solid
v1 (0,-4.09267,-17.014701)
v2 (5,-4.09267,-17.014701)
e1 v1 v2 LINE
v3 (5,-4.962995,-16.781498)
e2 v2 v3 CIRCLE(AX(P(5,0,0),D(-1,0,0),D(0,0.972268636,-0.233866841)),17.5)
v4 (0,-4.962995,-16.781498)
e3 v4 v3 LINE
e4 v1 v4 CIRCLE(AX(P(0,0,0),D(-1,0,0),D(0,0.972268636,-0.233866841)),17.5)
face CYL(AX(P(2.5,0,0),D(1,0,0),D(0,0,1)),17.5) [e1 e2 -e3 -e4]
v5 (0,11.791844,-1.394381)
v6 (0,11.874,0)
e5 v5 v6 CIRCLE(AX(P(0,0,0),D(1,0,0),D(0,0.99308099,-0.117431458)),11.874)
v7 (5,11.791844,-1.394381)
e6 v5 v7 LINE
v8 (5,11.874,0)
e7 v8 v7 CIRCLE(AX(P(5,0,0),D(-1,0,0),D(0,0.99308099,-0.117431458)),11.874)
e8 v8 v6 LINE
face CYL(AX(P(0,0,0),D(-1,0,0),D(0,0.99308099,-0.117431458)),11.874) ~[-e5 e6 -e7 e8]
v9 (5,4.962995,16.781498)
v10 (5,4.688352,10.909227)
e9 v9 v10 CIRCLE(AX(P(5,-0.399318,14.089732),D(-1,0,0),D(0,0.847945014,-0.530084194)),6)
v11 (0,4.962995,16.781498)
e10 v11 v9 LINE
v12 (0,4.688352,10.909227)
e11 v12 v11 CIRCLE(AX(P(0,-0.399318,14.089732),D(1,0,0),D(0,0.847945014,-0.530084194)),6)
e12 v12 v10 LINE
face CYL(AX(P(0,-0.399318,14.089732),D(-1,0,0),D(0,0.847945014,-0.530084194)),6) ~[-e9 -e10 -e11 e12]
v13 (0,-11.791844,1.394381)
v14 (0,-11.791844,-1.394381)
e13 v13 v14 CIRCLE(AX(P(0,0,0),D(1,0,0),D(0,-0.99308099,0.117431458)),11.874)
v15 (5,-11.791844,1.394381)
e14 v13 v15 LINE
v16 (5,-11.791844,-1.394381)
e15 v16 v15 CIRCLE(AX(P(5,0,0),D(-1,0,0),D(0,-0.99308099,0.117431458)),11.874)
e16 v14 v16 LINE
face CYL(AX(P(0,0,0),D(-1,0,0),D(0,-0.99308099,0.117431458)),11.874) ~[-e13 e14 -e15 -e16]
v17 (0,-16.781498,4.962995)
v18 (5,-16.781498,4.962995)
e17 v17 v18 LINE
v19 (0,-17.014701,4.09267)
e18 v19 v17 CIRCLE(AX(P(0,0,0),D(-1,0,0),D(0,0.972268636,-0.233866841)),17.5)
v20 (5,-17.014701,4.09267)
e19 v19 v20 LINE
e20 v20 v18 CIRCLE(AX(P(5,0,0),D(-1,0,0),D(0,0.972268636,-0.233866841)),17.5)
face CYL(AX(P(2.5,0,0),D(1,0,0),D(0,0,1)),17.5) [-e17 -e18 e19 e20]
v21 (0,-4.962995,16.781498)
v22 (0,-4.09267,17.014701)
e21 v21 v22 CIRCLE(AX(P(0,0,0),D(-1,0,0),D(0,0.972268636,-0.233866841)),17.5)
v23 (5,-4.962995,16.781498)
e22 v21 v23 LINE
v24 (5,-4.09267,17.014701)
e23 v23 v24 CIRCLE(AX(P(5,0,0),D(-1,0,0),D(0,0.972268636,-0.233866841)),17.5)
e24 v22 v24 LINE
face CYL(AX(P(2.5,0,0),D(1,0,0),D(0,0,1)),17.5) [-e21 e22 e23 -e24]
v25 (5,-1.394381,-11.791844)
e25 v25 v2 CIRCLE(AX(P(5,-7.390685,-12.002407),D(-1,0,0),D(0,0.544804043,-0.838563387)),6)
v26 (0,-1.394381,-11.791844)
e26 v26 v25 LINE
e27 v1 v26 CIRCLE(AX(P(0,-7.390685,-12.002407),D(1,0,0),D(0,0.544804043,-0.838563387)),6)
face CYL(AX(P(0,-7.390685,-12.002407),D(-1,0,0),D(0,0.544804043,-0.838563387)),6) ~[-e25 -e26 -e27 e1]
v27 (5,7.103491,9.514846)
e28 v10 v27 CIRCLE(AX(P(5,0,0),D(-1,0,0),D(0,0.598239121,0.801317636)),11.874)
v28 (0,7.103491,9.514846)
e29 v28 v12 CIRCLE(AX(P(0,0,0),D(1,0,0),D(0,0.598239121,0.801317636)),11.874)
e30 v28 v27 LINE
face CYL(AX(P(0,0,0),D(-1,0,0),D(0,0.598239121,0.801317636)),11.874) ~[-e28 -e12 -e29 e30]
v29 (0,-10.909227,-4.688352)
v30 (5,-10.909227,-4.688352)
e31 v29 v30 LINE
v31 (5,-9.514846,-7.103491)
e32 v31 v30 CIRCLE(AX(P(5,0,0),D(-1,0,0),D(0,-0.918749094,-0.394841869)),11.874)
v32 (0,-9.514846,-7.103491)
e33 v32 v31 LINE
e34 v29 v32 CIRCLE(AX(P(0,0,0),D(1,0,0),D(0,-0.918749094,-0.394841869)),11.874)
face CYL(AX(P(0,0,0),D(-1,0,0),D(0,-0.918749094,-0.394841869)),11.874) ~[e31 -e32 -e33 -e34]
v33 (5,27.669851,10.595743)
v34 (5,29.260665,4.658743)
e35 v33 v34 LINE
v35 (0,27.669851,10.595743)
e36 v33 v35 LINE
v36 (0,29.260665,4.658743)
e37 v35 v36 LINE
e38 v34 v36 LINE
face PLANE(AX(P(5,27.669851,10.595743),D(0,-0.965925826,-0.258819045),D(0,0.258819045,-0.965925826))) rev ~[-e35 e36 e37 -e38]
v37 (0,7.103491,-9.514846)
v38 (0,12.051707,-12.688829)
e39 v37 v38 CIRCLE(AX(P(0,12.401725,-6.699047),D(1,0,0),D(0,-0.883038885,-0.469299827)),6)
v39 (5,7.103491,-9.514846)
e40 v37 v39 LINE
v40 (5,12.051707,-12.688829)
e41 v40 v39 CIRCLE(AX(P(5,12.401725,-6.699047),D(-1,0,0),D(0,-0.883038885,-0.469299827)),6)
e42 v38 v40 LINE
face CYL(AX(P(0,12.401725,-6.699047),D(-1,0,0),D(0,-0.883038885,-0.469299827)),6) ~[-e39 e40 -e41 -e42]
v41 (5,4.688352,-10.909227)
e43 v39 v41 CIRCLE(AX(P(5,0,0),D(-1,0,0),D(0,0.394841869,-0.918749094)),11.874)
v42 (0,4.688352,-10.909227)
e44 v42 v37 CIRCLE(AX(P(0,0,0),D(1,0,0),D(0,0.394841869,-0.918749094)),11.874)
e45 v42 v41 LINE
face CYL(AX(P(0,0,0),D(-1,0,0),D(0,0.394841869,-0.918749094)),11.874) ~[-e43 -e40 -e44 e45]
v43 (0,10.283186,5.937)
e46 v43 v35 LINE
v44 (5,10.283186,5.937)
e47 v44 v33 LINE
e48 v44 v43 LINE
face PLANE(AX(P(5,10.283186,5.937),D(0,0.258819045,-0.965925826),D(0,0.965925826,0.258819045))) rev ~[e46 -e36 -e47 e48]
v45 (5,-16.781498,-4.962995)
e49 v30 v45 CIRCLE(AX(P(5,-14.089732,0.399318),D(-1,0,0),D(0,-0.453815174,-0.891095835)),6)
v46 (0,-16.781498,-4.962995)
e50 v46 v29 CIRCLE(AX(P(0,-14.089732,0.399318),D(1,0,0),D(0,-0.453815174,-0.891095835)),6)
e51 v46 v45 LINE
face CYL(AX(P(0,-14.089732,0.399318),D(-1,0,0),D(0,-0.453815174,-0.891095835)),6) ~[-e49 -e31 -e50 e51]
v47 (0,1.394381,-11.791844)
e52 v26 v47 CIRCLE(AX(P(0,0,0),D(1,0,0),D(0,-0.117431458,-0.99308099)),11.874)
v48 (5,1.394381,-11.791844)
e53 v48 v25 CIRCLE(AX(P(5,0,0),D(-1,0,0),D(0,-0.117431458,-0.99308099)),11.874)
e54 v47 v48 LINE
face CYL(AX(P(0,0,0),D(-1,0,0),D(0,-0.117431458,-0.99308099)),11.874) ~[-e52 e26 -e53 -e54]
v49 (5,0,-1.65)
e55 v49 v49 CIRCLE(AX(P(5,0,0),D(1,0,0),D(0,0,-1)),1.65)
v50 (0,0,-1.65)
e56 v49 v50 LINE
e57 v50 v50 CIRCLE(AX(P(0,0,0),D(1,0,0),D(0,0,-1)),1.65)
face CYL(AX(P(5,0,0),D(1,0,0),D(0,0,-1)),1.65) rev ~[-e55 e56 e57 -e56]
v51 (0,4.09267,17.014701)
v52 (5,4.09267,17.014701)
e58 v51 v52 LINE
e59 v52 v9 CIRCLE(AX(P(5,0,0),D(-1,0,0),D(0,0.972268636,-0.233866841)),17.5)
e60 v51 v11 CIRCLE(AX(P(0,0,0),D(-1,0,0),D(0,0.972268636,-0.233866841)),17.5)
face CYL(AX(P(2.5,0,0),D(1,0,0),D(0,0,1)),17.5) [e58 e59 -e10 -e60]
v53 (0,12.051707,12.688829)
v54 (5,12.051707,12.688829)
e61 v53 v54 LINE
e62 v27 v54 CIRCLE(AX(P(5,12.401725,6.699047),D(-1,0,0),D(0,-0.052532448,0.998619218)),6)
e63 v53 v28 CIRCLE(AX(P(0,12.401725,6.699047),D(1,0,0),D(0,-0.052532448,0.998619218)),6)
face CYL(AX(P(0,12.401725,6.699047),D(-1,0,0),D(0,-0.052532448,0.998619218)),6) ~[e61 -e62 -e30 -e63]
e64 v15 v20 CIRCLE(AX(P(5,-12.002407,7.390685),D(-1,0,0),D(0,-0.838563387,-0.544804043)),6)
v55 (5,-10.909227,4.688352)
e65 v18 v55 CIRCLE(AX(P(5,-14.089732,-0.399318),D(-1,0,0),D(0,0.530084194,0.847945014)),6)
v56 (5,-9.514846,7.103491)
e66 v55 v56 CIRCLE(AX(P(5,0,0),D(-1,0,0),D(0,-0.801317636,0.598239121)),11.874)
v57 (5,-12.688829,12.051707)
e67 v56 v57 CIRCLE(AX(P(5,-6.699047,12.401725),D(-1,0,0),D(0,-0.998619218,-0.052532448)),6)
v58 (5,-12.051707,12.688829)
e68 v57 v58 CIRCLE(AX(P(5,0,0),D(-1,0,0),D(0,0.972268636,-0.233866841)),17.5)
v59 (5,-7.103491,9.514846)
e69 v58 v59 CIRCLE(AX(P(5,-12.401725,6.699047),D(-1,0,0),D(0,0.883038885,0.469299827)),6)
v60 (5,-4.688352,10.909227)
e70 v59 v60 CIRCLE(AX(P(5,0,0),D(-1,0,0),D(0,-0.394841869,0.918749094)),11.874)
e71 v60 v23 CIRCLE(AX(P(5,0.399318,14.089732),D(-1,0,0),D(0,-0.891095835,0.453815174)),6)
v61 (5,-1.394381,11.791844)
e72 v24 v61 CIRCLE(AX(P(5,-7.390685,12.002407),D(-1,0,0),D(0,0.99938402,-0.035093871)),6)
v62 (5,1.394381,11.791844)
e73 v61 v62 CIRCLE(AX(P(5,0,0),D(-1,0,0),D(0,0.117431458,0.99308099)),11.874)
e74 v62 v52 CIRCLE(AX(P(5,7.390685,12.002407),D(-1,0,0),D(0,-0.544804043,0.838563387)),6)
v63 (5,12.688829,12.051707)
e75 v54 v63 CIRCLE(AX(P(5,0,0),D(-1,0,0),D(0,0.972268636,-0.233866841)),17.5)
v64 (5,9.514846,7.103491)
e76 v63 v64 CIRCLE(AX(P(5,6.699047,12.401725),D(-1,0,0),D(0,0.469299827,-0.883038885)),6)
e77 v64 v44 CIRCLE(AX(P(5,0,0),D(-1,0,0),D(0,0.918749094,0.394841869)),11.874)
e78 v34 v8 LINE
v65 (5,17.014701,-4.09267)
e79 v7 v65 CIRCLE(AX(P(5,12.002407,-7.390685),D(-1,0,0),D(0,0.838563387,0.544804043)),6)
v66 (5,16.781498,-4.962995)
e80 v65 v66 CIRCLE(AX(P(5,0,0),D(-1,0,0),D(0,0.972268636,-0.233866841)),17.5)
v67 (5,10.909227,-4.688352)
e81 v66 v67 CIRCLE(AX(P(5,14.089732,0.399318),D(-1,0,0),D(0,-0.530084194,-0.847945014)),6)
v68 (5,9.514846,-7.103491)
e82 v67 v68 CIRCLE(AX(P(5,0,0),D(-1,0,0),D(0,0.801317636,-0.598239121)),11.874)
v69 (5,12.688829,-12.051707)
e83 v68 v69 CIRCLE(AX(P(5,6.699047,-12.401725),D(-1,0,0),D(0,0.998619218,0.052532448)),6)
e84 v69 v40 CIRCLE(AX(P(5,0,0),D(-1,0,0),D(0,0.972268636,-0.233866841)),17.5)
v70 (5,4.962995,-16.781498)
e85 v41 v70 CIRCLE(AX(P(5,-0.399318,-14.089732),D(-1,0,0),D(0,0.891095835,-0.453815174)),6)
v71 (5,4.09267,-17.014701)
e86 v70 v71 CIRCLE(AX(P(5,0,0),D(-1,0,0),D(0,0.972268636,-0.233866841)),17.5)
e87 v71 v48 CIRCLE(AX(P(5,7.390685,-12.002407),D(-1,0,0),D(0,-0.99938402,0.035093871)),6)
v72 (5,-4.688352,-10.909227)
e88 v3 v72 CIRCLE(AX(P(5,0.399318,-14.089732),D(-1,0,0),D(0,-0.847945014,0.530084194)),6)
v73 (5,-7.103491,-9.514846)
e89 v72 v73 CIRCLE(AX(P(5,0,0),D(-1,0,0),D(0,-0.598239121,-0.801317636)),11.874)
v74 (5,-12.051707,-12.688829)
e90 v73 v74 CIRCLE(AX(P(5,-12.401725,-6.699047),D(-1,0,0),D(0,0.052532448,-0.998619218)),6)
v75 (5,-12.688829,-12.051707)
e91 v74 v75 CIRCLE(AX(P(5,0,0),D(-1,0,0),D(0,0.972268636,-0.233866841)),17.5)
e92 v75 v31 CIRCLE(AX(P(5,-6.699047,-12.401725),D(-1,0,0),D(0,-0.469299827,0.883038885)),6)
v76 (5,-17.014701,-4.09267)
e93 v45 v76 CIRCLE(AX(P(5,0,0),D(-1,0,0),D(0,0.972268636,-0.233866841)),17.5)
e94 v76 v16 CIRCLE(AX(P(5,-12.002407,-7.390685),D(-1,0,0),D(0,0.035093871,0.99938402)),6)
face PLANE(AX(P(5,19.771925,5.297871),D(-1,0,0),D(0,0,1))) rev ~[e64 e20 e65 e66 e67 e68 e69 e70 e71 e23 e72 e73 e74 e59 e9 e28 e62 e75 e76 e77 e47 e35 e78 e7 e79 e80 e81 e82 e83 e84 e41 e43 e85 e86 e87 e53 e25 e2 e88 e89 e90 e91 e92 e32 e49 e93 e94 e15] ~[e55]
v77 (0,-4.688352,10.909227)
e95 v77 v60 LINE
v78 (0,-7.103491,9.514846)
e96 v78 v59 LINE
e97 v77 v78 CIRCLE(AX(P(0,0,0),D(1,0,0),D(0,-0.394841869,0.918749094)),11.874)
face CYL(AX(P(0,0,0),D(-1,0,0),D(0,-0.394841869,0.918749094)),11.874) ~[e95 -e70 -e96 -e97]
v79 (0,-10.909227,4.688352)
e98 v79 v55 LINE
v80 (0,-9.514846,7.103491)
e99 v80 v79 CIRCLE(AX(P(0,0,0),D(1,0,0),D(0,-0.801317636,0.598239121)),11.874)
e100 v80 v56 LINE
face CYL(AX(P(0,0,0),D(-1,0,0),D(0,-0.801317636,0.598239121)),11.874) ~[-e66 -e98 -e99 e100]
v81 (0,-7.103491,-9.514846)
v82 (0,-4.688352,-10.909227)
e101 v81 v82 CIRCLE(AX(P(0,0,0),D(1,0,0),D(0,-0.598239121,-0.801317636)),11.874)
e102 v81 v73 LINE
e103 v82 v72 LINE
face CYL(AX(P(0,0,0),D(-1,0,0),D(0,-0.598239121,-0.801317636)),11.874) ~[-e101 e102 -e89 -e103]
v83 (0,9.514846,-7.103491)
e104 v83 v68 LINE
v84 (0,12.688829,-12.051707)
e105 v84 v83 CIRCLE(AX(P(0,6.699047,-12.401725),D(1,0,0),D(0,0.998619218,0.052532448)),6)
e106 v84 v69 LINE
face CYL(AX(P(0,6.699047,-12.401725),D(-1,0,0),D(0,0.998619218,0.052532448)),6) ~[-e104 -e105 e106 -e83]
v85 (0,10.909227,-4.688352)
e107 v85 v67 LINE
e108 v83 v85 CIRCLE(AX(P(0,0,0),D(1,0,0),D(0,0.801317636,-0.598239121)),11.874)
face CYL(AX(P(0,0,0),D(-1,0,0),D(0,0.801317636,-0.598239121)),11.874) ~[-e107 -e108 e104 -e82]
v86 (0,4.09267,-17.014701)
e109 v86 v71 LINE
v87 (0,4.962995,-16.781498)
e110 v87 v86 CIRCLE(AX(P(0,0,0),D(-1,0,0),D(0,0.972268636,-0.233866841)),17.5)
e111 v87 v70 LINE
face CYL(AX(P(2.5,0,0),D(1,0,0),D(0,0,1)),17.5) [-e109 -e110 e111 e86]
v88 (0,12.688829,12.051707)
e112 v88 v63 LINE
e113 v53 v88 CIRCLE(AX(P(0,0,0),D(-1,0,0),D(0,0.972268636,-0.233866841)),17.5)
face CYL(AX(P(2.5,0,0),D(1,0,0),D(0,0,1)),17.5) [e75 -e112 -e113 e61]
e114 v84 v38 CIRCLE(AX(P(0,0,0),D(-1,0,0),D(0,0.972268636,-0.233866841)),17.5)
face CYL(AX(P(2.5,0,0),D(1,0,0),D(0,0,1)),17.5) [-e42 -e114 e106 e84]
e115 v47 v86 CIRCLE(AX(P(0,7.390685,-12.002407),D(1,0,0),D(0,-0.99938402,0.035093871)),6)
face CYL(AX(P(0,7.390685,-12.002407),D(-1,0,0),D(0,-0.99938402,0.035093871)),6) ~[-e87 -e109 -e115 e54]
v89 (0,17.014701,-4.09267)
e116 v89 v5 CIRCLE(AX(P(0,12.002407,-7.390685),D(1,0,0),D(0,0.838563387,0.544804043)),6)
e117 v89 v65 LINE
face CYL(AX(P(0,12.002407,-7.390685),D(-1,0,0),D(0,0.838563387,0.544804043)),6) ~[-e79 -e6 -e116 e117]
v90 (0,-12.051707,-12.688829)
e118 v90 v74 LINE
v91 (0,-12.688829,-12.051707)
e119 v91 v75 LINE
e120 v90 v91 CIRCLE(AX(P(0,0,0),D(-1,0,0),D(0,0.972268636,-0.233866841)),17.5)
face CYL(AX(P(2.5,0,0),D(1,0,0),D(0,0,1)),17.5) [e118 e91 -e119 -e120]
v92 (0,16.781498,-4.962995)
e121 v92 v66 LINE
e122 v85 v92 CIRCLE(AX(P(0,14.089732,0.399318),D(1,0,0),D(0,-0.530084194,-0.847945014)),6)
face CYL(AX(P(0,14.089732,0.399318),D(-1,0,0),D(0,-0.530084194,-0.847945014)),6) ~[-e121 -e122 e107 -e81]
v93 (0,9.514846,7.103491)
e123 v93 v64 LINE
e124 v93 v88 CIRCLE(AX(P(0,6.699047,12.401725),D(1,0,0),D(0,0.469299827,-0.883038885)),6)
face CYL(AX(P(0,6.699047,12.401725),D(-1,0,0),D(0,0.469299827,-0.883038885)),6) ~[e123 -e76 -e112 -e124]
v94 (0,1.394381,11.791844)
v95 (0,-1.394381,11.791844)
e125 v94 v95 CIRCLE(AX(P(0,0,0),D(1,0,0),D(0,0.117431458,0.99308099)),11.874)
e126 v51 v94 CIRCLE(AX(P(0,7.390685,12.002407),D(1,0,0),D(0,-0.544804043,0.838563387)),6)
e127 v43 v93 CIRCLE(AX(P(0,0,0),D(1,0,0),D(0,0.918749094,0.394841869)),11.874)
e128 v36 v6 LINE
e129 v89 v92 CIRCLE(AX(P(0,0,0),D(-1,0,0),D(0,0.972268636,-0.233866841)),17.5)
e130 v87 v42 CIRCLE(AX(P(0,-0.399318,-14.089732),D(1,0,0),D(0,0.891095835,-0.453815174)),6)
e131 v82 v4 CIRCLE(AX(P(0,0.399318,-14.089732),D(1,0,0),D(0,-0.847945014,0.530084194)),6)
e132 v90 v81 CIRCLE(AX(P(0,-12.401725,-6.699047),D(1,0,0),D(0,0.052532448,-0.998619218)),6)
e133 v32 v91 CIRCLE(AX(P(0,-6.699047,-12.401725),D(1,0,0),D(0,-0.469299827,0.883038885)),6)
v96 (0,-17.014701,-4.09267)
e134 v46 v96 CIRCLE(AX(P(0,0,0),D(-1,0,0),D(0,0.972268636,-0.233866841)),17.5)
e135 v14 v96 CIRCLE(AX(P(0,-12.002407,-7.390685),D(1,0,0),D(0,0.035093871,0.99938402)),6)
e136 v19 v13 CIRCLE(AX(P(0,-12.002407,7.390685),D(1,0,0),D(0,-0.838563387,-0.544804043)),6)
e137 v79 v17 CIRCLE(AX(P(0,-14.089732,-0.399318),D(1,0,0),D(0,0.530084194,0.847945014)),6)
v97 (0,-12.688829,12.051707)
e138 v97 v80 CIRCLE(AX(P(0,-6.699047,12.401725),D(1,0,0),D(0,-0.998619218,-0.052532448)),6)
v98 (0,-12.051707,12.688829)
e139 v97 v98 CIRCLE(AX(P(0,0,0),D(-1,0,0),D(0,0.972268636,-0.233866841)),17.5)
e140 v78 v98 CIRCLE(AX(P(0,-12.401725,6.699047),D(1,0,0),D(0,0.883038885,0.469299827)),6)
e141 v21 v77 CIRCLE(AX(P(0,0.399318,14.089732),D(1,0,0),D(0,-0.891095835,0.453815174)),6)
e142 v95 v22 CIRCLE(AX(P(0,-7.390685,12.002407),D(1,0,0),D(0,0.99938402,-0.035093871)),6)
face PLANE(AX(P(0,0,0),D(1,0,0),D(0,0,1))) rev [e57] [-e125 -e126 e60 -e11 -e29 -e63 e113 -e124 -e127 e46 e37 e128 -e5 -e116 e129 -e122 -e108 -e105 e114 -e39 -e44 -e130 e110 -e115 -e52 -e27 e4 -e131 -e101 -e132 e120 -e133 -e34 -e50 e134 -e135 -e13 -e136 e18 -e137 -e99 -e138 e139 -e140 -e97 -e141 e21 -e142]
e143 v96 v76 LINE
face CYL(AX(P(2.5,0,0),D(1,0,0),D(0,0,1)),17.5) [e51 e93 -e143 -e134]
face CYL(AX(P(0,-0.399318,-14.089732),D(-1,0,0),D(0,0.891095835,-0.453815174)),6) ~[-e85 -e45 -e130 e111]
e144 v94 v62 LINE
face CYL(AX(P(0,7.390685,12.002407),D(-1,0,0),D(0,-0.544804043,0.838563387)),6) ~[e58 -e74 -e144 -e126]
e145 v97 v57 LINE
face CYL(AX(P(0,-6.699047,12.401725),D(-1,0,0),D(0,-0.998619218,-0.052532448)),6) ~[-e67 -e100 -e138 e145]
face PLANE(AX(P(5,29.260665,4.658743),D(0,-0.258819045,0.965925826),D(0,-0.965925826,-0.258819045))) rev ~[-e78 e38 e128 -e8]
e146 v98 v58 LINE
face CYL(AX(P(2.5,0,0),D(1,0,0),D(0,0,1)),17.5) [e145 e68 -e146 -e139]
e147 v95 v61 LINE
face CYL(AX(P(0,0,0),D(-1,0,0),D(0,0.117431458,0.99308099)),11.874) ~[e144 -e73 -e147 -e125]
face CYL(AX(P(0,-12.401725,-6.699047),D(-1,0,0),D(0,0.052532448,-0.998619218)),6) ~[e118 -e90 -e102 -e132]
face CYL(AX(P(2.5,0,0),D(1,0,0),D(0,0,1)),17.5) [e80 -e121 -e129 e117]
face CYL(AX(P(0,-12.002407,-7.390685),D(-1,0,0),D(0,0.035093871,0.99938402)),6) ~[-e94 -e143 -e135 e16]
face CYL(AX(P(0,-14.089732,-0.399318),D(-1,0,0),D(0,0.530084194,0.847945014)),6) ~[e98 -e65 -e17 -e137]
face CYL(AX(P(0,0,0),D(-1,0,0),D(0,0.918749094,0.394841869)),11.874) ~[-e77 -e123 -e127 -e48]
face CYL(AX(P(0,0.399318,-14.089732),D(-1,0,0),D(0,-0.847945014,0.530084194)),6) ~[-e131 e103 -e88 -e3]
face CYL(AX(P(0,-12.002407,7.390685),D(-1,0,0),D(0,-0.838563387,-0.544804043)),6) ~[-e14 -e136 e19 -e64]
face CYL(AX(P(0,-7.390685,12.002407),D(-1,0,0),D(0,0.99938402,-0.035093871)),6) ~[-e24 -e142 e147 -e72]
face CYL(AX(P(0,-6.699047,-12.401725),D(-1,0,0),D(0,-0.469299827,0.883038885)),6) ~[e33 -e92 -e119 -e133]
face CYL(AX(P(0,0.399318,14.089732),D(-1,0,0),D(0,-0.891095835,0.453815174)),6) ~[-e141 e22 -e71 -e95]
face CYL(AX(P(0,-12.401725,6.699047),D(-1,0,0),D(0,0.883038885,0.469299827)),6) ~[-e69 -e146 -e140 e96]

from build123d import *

# Parameters (mm, degrees)
BASPROSKE_W     = 5
BASPROSKE_H     = 17.5
TOOTHCUT_DEPTH  = 26.248762346
TEETHCUTS_COUNT = 12
TEETHCUTS_ANGLE = 330
BORSKE_R        = 4
BORE_DEPTH      = 50.0000508
EXTRUDE_1_DEPTH = 5
SKETCH_3_R      = 5.787483523
SKETCH_3_R_2    = 1.65
EXTRUDE_2_DEPTH = 5


with BuildPart() as part:
    # BasProSke → Base-Revolve (revolve)
    with BuildSketch(Plane(origin=(0, 0, 0), x_dir=(1, 0, 0), z_dir=(0, 1, 0)), mode=Mode.PRIVATE) as base_revolve_sk:
        with Locations((2.5, 8.75)):
            Rectangle(BASPROSKE_W, BASPROSKE_H)
    revolve(base_revolve_sk.sketch.rotate(Axis((-10, 0, 0), (1, 0, 0)), 180), axis=Axis((-10, 0, 0), (1, 0, 0)))

    # TooCutSke → ToothCut (cut, through all)
    with BuildSketch(Plane(origin=(0, 0, 0), x_dir=(0, 0, -1), z_dir=(1, 0, 0))):
        with BuildLine():
            ThreePointArc((1.394381134, 11.791843675), (0, 11.874), (-1.394381134, 11.791843675))
            ThreePointArc((-1.394381134, 11.791843675), (-2.068078374, 14.771857381), (-4.121860996, 17.033787221))
            ThreePointArc((-4.121860996, 17.033787221), (0, 17.5254), (4.121860996, 17.033787221))
            ThreePointArc((4.121860996, 17.033787221), (2.068078374, 14.771857381), (1.394381134, 11.791843675))
        make_face()
    toothcut = extrude(amount=TOOTHCUT_DEPTH, mode=Mode.SUBTRACT)

    # TeethCuts: ToothCut ×12 about axis
    teethcuts_axis = Axis((-10, 0, 0), (1, 0, 0))
    for i in range(1, TEETHCUTS_COUNT):
        add(toothcut.rotate(teethcuts_axis, i * TEETHCUTS_ANGLE / (TEETHCUTS_COUNT - 1)), mode=Mode.SUBTRACT)

    # BorSke → Bore (cut, symmetric)
    with BuildSketch(Plane(origin=(0, 0, 0), x_dir=(0, 0, -1), z_dir=(1, 0, 0))):
        with Locations(Location((0, 0, 0), (0, 0, 180))):
            Circle(BORSKE_R)
    extrude(amount=BORE_DEPTH, both=True, mode=Mode.SUBTRACT)

    # 草图2 → 凸台-拉伸1 (add)
    with BuildSketch(Plane(origin=(5, 0, 0), x_dir=(0, 0, -1), z_dir=(1, 0, 0))):
        Polygon((0, 11.874), (-5.937, 10.283185645), (-10.595742812, 27.669850518), (-4.658742812, 29.260664873), align=None)
    extrude(amount=-EXTRUDE_1_DEPTH)

    # 草图3 → 凸台-拉伸2 (add)
    with BuildSketch(Plane(origin=(5, 0, 0), x_dir=(0, 0, -1), z_dir=(1, 0, 0))):
        Circle(SKETCH_3_R)
        Circle(SKETCH_3_R_2, mode=Mode.SUBTRACT)
    extrude(amount=-EXTRUDE_2_DEPTH)


solid = part.part
